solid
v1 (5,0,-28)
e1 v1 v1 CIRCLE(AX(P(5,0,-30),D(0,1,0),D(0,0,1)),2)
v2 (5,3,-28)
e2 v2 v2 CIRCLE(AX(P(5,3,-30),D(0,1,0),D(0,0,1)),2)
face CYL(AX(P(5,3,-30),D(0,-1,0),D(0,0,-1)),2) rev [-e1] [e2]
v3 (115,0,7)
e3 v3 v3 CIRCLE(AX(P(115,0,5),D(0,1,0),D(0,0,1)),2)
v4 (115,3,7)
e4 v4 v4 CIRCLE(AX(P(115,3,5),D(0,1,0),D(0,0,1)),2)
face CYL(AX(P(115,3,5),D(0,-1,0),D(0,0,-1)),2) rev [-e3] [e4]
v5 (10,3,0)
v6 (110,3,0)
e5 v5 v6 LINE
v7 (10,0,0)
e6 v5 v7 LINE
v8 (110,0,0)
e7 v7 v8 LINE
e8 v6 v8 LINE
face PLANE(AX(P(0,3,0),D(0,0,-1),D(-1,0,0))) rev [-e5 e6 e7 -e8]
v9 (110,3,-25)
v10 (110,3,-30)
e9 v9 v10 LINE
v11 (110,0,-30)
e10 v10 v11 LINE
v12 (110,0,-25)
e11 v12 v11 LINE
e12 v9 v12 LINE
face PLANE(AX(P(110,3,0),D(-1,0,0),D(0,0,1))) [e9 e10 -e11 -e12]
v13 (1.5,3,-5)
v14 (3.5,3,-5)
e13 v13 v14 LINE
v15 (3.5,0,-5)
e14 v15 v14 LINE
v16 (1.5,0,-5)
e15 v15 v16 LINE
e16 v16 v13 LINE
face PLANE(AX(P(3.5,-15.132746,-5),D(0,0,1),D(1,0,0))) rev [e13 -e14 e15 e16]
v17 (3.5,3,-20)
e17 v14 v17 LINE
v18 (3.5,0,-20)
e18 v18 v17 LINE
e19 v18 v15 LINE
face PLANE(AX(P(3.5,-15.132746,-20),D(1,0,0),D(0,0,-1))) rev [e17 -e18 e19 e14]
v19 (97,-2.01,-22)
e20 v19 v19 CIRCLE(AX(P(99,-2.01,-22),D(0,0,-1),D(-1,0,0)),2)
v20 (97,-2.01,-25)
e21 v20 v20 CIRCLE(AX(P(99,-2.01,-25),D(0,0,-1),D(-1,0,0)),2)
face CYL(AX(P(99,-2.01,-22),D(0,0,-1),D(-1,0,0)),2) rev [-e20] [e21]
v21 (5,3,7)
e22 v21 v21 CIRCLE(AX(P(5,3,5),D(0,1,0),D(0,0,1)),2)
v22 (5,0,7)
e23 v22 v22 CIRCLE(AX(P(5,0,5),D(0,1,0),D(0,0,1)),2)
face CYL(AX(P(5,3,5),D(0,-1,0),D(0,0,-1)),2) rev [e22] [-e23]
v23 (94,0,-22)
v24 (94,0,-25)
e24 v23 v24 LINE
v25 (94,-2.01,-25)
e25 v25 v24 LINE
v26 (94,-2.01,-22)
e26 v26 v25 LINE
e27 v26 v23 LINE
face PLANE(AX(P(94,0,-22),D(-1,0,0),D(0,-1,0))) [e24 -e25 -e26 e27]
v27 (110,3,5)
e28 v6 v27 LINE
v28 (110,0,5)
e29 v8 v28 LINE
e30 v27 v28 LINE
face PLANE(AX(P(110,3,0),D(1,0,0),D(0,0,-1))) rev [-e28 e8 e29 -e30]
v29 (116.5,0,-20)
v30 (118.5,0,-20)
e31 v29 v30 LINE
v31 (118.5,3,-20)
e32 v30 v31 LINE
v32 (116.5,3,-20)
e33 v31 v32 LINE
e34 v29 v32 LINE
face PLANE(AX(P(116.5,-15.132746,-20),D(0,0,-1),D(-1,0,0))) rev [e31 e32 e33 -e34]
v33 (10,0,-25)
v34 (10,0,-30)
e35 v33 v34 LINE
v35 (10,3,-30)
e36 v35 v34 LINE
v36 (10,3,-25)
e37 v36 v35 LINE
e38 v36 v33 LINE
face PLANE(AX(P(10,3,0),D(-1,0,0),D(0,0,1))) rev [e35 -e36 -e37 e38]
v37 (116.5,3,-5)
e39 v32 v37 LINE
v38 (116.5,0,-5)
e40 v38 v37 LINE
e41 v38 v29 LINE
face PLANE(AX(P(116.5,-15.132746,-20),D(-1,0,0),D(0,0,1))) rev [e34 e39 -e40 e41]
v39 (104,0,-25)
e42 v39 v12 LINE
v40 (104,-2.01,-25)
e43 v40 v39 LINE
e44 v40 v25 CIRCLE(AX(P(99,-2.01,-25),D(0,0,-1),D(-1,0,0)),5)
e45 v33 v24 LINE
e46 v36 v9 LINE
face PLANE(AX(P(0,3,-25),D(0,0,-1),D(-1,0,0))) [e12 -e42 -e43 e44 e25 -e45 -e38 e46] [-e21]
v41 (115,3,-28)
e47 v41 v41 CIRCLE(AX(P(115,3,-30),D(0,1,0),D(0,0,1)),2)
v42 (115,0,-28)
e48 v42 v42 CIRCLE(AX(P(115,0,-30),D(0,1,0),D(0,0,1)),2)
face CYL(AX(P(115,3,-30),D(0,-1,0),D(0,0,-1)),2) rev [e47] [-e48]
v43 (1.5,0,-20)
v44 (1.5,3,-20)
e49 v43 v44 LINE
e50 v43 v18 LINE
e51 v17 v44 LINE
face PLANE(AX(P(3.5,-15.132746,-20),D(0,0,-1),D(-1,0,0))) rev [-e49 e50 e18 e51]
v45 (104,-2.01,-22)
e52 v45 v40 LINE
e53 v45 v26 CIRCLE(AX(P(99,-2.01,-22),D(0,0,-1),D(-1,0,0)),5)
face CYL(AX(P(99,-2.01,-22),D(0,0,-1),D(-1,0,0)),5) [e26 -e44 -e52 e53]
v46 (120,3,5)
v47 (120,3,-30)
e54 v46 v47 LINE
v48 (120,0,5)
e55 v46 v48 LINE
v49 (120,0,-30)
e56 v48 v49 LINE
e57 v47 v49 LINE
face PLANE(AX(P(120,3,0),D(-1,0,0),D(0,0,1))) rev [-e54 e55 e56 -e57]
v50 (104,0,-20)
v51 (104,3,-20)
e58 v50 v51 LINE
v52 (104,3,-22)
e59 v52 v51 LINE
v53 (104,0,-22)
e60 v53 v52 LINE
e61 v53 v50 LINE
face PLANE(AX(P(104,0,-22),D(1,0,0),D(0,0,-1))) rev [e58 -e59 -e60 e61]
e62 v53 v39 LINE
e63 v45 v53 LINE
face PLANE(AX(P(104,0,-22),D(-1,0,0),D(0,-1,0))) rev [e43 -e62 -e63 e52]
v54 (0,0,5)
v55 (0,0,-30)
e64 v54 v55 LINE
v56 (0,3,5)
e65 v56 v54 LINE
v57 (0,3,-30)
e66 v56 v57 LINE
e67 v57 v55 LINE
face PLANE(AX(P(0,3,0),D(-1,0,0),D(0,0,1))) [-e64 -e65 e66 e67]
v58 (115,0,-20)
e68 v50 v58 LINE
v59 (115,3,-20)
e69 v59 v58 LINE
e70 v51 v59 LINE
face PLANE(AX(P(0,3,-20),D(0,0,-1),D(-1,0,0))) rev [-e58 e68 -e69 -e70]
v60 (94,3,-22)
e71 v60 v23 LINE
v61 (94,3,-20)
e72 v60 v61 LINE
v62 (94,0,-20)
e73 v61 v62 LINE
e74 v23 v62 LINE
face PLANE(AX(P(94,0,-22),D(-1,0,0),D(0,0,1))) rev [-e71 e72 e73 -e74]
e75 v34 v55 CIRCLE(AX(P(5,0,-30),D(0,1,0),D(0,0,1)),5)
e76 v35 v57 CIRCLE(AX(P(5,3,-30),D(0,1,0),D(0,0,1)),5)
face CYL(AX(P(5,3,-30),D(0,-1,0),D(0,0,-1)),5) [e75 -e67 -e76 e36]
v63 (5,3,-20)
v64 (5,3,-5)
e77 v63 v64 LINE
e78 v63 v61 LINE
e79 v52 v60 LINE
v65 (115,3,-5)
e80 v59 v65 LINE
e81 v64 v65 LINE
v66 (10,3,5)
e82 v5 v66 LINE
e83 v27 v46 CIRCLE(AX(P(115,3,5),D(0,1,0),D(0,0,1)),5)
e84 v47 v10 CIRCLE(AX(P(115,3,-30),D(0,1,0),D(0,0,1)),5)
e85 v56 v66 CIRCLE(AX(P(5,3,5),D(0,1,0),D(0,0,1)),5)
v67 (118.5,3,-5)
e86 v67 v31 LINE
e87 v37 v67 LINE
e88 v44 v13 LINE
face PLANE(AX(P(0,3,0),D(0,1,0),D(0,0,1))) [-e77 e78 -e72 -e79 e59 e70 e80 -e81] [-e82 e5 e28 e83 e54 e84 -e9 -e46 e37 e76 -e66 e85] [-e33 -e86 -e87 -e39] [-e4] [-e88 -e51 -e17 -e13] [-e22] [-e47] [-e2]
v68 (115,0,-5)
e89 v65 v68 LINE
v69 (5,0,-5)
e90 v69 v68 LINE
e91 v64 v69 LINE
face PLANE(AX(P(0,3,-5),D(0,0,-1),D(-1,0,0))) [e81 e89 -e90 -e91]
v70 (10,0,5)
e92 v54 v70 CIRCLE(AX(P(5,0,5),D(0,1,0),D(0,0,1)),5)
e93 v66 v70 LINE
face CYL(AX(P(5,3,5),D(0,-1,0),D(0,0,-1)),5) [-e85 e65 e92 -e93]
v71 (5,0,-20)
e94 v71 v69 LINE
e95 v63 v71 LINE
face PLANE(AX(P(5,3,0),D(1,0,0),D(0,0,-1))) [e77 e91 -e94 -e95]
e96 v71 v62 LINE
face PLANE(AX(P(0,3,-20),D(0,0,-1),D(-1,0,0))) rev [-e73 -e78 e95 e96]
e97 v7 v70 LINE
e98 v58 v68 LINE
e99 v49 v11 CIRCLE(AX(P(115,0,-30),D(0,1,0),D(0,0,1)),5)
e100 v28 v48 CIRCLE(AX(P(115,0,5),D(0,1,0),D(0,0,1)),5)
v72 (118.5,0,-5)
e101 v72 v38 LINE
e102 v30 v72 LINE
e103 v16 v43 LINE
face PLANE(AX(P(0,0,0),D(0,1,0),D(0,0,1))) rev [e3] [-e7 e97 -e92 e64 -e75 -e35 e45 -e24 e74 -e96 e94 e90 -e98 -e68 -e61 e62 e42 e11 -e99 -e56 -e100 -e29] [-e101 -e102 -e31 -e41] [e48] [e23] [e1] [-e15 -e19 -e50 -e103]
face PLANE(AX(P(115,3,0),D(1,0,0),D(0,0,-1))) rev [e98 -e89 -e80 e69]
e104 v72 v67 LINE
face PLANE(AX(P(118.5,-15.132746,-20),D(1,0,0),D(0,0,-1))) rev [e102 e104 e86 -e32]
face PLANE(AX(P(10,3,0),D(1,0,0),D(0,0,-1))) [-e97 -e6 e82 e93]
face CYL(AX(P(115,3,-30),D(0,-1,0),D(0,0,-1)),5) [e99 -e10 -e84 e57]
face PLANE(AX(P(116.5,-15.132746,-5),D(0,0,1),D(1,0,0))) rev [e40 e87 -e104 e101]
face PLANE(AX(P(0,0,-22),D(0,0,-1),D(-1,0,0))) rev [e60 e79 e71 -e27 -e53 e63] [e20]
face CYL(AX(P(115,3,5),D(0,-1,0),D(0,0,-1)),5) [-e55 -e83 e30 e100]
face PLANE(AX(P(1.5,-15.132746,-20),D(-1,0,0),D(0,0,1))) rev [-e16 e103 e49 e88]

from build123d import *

# Parameters (mm, degrees)
SKETCH1_R           = 5
SKETCH1_R_2         = 2
SKETCH1_W           = 120
SKETCH1_H           = 25
SKETCH1_W_2         = 110
SKETCH1_H_2         = 15
BOSS_EXTRUDE1_DEPTH = 3
SKETCH2_W           = 2
SKETCH2_H           = 15
CUT_EXTRUDE1_DEPTH  = 3
SKETCH3_R           = 2
BOSS_EXTRUDE3_DEPTH = 3
SKETCH4_W           = 10
SKETCH4_H           = 3
CUT_EXTRUDE2_DEPTH  = 2


with BuildPart() as part:
    # Sketch1 → Boss-Extrude1 (new body)
    # profile 1 of 13: a face of its own
    with BuildSketch(Plane(origin=(0, 0, 0), x_dir=(1, 0, 0), z_dir=(0, 1, 0))):
        with Locations((5, 30)):
            Circle(SKETCH1_R)
        with Locations(Location((5, 30, 0), (0, 0, 270))):
            Circle(SKETCH1_R_2, mode=Mode.SUBTRACT)
    # profile 2 of 13: a face of its own
    with BuildSketch(Plane(origin=(0, 0, 0), x_dir=(1, 0, 0), z_dir=(0, 1, 0))):
        with BuildLine():
            Line((0, 30), (0, 25))
            Line((0, 25), (5, 25))
            ThreePointArc((5, 25), (1.464466094, 26.464466094), (0, 30))
        make_face()
    # profile 3 of 13: a face of its own
    with BuildSketch(Plane(origin=(0, 0, 0), x_dir=(1, 0, 0), z_dir=(0, 1, 0))):
        with BuildLine():
            ThreePointArc((10, 30), (8.535533906, 26.464466094), (5, 25))
            Line((5, 25), (10, 25))
            Line((10, 25), (10, 30))
        make_face()
    # profile 4 of 13: a face of its own
    with BuildSketch(Plane(origin=(0, 0, 0), x_dir=(1, 0, 0), z_dir=(0, 1, 0))):
        with Locations((60, 12.5)):
            Rectangle(SKETCH1_W, SKETCH1_H)
        with Locations((60, 12.5)):
            Rectangle(SKETCH1_W_2, SKETCH1_H_2, mode=Mode.SUBTRACT)
    # profile 5 of 13: a face of its own
    with BuildSketch(Plane(origin=(0, 0, 0), x_dir=(1, 0, 0), z_dir=(0, 1, 0))):
        with BuildLine():
            Line((5, 0), (0, 0))
            Line((0, 0), (0, -5))
            ThreePointArc((0, -5), (1.464466094, -1.464466094), (5, 0))
        make_face()
    # profile 6 of 13: a face of its own
    with BuildSketch(Plane(origin=(0, 0, 0), x_dir=(1, 0, 0), z_dir=(0, 1, 0))):
        with BuildLine():
            Line((10, 0), (5, 0))
            ThreePointArc((5, 0), (8.535533906, -1.464466094), (10, -5))
            Line((10, -5), (10, 0))
        make_face()
    # profile 7 of 13: a face of its own
    with BuildSketch(Plane(origin=(0, 0, 0), x_dir=(1, 0, 0), z_dir=(0, 1, 0))):
        with Locations((5, -5)):
            Circle(SKETCH1_R)
        with Locations(Location((5, -5, 0), (0, 0, 270))):
            Circle(SKETCH1_R_2, mode=Mode.SUBTRACT)
    # profile 8 of 13: a face of its own
    with BuildSketch(Plane(origin=(0, 0, 0), x_dir=(1, 0, 0), z_dir=(0, 1, 0))):
        with BuildLine():
            Line((110, 30), (110, 25))
            Line((110, 25), (115, 25))
            ThreePointArc((115, 25), (111.464466094, 26.464466094), (110, 30))
        make_face()
    # profile 9 of 13: a face of its own
    with BuildSketch(Plane(origin=(0, 0, 0), x_dir=(1, 0, 0), z_dir=(0, 1, 0))):
        with Locations((115, 30)):
            Circle(SKETCH1_R)
        with Locations(Location((115, 30, 0), (0, 0, 270))):
            Circle(SKETCH1_R_2, mode=Mode.SUBTRACT)
    # profile 10 of 13: a face of its own
    with BuildSketch(Plane(origin=(0, 0, 0), x_dir=(1, 0, 0), z_dir=(0, 1, 0))):
        with BuildLine():
            ThreePointArc((120, 30), (118.535533906, 26.464466094), (115, 25))
            Line((115, 25), (120, 25))
            Line((120, 25), (120, 30))
        make_face()
    # profile 11 of 13: a face of its own
    with BuildSketch(Plane(origin=(0, 0, 0), x_dir=(1, 0, 0), z_dir=(0, 1, 0))):
        with BuildLine():
            Line((115, 0), (110, 0))
            Line((110, 0), (110, -5))
            ThreePointArc((110, -5), (111.464466094, -1.464466094), (115, 0))
        make_face()
    # profile 12 of 13: a face of its own
    with BuildSketch(Plane(origin=(0, 0, 0), x_dir=(1, 0, 0), z_dir=(0, 1, 0))):
        with BuildLine():
            Line((120, 0), (115, 0))
            ThreePointArc((115, 0), (118.535533906, -1.464466094), (120, -5))
            Line((120, -5), (120, 0))
        make_face()
    # profile 13 of 13: a face of its own
    with BuildSketch(Plane(origin=(0, 0, 0), x_dir=(1, 0, 0), z_dir=(0, 1, 0))):
        with Locations((115, -5)):
            Circle(SKETCH1_R)
        with Locations(Location((115, -5, 0), (0, 0, 270))):
            Circle(SKETCH1_R_2, mode=Mode.SUBTRACT)
    extrude(amount=BOSS_EXTRUDE1_DEPTH)

    # Sketch2 → Cut-Extrude1 (cut)
    with BuildSketch(Plane(origin=(0, 3, 0), x_dir=(1, 0, 0), z_dir=(0, 1, 0))):
        with Locations((117.5, 12.5)):
            Rectangle(SKETCH2_W, SKETCH2_H)
        with Locations((2.5, 12.5)):
            Rectangle(SKETCH2_W, SKETCH2_H)
    extrude(amount=-CUT_EXTRUDE1_DEPTH, mode=Mode.SUBTRACT)

    # Sketch3 → Boss-Extrude3 (add)
    # profile 1 of 3: a face of its own
    with BuildSketch(Plane(origin=(0, 0, -25), x_dir=(-1, 0, 0), z_dir=(0, 0, -1))):
        with BuildLine():
            ThreePointArc((-103.578198336, 0), (-103.893413516, -0.98310947), (-104, -2.01))
            ThreePointArc((-104, -2.01), (-99, -7.01), (-94, -2.01))
            ThreePointArc((-94, -2.01), (-94.106586484, -0.98310947), (-94.421801664, 0))
            Line((-94.421801664, 0), (-103.578198336, 0))
        make_face()
        with Locations((-99, -2.01)):
            Circle(SKETCH3_R, mode=Mode.SUBTRACT)
    # profile 2 of 3: a face of its own
    with BuildSketch(Plane(origin=(0, 0, -25), x_dir=(-1, 0, 0), z_dir=(0, 0, -1))):
        with BuildLine():
            ThreePointArc((-94.421801664, 0), (-94.106586484, -0.98310947), (-94, -2.01))
            Line((-94, -2.01), (-94, 0))
            Line((-94, 0), (-94.421801664, 0))
        make_face()
    # profile 3 of 3: a face of its own
    with BuildSketch(Plane(origin=(0, 0, -25), x_dir=(-1, 0, 0), z_dir=(0, 0, -1))):
        with BuildLine():
            Line((-104, 0), (-104, -2.01))
            ThreePointArc((-104, -2.01), (-103.893413516, -0.98310947), (-103.578198336, 0))
            Line((-103.578198336, 0), (-104, 0))
        make_face()
    extrude(amount=-BOSS_EXTRUDE3_DEPTH)

    # Sketch4 → Cut-Extrude2 (cut)
    with BuildSketch(Plane.XY.offset(-20)):
        with Locations((99, 1.5)):
            Rectangle(SKETCH4_W, SKETCH4_H)
    extrude(amount=-CUT_EXTRUDE2_DEPTH, mode=Mode.SUBTRACT)


solid = part.part
